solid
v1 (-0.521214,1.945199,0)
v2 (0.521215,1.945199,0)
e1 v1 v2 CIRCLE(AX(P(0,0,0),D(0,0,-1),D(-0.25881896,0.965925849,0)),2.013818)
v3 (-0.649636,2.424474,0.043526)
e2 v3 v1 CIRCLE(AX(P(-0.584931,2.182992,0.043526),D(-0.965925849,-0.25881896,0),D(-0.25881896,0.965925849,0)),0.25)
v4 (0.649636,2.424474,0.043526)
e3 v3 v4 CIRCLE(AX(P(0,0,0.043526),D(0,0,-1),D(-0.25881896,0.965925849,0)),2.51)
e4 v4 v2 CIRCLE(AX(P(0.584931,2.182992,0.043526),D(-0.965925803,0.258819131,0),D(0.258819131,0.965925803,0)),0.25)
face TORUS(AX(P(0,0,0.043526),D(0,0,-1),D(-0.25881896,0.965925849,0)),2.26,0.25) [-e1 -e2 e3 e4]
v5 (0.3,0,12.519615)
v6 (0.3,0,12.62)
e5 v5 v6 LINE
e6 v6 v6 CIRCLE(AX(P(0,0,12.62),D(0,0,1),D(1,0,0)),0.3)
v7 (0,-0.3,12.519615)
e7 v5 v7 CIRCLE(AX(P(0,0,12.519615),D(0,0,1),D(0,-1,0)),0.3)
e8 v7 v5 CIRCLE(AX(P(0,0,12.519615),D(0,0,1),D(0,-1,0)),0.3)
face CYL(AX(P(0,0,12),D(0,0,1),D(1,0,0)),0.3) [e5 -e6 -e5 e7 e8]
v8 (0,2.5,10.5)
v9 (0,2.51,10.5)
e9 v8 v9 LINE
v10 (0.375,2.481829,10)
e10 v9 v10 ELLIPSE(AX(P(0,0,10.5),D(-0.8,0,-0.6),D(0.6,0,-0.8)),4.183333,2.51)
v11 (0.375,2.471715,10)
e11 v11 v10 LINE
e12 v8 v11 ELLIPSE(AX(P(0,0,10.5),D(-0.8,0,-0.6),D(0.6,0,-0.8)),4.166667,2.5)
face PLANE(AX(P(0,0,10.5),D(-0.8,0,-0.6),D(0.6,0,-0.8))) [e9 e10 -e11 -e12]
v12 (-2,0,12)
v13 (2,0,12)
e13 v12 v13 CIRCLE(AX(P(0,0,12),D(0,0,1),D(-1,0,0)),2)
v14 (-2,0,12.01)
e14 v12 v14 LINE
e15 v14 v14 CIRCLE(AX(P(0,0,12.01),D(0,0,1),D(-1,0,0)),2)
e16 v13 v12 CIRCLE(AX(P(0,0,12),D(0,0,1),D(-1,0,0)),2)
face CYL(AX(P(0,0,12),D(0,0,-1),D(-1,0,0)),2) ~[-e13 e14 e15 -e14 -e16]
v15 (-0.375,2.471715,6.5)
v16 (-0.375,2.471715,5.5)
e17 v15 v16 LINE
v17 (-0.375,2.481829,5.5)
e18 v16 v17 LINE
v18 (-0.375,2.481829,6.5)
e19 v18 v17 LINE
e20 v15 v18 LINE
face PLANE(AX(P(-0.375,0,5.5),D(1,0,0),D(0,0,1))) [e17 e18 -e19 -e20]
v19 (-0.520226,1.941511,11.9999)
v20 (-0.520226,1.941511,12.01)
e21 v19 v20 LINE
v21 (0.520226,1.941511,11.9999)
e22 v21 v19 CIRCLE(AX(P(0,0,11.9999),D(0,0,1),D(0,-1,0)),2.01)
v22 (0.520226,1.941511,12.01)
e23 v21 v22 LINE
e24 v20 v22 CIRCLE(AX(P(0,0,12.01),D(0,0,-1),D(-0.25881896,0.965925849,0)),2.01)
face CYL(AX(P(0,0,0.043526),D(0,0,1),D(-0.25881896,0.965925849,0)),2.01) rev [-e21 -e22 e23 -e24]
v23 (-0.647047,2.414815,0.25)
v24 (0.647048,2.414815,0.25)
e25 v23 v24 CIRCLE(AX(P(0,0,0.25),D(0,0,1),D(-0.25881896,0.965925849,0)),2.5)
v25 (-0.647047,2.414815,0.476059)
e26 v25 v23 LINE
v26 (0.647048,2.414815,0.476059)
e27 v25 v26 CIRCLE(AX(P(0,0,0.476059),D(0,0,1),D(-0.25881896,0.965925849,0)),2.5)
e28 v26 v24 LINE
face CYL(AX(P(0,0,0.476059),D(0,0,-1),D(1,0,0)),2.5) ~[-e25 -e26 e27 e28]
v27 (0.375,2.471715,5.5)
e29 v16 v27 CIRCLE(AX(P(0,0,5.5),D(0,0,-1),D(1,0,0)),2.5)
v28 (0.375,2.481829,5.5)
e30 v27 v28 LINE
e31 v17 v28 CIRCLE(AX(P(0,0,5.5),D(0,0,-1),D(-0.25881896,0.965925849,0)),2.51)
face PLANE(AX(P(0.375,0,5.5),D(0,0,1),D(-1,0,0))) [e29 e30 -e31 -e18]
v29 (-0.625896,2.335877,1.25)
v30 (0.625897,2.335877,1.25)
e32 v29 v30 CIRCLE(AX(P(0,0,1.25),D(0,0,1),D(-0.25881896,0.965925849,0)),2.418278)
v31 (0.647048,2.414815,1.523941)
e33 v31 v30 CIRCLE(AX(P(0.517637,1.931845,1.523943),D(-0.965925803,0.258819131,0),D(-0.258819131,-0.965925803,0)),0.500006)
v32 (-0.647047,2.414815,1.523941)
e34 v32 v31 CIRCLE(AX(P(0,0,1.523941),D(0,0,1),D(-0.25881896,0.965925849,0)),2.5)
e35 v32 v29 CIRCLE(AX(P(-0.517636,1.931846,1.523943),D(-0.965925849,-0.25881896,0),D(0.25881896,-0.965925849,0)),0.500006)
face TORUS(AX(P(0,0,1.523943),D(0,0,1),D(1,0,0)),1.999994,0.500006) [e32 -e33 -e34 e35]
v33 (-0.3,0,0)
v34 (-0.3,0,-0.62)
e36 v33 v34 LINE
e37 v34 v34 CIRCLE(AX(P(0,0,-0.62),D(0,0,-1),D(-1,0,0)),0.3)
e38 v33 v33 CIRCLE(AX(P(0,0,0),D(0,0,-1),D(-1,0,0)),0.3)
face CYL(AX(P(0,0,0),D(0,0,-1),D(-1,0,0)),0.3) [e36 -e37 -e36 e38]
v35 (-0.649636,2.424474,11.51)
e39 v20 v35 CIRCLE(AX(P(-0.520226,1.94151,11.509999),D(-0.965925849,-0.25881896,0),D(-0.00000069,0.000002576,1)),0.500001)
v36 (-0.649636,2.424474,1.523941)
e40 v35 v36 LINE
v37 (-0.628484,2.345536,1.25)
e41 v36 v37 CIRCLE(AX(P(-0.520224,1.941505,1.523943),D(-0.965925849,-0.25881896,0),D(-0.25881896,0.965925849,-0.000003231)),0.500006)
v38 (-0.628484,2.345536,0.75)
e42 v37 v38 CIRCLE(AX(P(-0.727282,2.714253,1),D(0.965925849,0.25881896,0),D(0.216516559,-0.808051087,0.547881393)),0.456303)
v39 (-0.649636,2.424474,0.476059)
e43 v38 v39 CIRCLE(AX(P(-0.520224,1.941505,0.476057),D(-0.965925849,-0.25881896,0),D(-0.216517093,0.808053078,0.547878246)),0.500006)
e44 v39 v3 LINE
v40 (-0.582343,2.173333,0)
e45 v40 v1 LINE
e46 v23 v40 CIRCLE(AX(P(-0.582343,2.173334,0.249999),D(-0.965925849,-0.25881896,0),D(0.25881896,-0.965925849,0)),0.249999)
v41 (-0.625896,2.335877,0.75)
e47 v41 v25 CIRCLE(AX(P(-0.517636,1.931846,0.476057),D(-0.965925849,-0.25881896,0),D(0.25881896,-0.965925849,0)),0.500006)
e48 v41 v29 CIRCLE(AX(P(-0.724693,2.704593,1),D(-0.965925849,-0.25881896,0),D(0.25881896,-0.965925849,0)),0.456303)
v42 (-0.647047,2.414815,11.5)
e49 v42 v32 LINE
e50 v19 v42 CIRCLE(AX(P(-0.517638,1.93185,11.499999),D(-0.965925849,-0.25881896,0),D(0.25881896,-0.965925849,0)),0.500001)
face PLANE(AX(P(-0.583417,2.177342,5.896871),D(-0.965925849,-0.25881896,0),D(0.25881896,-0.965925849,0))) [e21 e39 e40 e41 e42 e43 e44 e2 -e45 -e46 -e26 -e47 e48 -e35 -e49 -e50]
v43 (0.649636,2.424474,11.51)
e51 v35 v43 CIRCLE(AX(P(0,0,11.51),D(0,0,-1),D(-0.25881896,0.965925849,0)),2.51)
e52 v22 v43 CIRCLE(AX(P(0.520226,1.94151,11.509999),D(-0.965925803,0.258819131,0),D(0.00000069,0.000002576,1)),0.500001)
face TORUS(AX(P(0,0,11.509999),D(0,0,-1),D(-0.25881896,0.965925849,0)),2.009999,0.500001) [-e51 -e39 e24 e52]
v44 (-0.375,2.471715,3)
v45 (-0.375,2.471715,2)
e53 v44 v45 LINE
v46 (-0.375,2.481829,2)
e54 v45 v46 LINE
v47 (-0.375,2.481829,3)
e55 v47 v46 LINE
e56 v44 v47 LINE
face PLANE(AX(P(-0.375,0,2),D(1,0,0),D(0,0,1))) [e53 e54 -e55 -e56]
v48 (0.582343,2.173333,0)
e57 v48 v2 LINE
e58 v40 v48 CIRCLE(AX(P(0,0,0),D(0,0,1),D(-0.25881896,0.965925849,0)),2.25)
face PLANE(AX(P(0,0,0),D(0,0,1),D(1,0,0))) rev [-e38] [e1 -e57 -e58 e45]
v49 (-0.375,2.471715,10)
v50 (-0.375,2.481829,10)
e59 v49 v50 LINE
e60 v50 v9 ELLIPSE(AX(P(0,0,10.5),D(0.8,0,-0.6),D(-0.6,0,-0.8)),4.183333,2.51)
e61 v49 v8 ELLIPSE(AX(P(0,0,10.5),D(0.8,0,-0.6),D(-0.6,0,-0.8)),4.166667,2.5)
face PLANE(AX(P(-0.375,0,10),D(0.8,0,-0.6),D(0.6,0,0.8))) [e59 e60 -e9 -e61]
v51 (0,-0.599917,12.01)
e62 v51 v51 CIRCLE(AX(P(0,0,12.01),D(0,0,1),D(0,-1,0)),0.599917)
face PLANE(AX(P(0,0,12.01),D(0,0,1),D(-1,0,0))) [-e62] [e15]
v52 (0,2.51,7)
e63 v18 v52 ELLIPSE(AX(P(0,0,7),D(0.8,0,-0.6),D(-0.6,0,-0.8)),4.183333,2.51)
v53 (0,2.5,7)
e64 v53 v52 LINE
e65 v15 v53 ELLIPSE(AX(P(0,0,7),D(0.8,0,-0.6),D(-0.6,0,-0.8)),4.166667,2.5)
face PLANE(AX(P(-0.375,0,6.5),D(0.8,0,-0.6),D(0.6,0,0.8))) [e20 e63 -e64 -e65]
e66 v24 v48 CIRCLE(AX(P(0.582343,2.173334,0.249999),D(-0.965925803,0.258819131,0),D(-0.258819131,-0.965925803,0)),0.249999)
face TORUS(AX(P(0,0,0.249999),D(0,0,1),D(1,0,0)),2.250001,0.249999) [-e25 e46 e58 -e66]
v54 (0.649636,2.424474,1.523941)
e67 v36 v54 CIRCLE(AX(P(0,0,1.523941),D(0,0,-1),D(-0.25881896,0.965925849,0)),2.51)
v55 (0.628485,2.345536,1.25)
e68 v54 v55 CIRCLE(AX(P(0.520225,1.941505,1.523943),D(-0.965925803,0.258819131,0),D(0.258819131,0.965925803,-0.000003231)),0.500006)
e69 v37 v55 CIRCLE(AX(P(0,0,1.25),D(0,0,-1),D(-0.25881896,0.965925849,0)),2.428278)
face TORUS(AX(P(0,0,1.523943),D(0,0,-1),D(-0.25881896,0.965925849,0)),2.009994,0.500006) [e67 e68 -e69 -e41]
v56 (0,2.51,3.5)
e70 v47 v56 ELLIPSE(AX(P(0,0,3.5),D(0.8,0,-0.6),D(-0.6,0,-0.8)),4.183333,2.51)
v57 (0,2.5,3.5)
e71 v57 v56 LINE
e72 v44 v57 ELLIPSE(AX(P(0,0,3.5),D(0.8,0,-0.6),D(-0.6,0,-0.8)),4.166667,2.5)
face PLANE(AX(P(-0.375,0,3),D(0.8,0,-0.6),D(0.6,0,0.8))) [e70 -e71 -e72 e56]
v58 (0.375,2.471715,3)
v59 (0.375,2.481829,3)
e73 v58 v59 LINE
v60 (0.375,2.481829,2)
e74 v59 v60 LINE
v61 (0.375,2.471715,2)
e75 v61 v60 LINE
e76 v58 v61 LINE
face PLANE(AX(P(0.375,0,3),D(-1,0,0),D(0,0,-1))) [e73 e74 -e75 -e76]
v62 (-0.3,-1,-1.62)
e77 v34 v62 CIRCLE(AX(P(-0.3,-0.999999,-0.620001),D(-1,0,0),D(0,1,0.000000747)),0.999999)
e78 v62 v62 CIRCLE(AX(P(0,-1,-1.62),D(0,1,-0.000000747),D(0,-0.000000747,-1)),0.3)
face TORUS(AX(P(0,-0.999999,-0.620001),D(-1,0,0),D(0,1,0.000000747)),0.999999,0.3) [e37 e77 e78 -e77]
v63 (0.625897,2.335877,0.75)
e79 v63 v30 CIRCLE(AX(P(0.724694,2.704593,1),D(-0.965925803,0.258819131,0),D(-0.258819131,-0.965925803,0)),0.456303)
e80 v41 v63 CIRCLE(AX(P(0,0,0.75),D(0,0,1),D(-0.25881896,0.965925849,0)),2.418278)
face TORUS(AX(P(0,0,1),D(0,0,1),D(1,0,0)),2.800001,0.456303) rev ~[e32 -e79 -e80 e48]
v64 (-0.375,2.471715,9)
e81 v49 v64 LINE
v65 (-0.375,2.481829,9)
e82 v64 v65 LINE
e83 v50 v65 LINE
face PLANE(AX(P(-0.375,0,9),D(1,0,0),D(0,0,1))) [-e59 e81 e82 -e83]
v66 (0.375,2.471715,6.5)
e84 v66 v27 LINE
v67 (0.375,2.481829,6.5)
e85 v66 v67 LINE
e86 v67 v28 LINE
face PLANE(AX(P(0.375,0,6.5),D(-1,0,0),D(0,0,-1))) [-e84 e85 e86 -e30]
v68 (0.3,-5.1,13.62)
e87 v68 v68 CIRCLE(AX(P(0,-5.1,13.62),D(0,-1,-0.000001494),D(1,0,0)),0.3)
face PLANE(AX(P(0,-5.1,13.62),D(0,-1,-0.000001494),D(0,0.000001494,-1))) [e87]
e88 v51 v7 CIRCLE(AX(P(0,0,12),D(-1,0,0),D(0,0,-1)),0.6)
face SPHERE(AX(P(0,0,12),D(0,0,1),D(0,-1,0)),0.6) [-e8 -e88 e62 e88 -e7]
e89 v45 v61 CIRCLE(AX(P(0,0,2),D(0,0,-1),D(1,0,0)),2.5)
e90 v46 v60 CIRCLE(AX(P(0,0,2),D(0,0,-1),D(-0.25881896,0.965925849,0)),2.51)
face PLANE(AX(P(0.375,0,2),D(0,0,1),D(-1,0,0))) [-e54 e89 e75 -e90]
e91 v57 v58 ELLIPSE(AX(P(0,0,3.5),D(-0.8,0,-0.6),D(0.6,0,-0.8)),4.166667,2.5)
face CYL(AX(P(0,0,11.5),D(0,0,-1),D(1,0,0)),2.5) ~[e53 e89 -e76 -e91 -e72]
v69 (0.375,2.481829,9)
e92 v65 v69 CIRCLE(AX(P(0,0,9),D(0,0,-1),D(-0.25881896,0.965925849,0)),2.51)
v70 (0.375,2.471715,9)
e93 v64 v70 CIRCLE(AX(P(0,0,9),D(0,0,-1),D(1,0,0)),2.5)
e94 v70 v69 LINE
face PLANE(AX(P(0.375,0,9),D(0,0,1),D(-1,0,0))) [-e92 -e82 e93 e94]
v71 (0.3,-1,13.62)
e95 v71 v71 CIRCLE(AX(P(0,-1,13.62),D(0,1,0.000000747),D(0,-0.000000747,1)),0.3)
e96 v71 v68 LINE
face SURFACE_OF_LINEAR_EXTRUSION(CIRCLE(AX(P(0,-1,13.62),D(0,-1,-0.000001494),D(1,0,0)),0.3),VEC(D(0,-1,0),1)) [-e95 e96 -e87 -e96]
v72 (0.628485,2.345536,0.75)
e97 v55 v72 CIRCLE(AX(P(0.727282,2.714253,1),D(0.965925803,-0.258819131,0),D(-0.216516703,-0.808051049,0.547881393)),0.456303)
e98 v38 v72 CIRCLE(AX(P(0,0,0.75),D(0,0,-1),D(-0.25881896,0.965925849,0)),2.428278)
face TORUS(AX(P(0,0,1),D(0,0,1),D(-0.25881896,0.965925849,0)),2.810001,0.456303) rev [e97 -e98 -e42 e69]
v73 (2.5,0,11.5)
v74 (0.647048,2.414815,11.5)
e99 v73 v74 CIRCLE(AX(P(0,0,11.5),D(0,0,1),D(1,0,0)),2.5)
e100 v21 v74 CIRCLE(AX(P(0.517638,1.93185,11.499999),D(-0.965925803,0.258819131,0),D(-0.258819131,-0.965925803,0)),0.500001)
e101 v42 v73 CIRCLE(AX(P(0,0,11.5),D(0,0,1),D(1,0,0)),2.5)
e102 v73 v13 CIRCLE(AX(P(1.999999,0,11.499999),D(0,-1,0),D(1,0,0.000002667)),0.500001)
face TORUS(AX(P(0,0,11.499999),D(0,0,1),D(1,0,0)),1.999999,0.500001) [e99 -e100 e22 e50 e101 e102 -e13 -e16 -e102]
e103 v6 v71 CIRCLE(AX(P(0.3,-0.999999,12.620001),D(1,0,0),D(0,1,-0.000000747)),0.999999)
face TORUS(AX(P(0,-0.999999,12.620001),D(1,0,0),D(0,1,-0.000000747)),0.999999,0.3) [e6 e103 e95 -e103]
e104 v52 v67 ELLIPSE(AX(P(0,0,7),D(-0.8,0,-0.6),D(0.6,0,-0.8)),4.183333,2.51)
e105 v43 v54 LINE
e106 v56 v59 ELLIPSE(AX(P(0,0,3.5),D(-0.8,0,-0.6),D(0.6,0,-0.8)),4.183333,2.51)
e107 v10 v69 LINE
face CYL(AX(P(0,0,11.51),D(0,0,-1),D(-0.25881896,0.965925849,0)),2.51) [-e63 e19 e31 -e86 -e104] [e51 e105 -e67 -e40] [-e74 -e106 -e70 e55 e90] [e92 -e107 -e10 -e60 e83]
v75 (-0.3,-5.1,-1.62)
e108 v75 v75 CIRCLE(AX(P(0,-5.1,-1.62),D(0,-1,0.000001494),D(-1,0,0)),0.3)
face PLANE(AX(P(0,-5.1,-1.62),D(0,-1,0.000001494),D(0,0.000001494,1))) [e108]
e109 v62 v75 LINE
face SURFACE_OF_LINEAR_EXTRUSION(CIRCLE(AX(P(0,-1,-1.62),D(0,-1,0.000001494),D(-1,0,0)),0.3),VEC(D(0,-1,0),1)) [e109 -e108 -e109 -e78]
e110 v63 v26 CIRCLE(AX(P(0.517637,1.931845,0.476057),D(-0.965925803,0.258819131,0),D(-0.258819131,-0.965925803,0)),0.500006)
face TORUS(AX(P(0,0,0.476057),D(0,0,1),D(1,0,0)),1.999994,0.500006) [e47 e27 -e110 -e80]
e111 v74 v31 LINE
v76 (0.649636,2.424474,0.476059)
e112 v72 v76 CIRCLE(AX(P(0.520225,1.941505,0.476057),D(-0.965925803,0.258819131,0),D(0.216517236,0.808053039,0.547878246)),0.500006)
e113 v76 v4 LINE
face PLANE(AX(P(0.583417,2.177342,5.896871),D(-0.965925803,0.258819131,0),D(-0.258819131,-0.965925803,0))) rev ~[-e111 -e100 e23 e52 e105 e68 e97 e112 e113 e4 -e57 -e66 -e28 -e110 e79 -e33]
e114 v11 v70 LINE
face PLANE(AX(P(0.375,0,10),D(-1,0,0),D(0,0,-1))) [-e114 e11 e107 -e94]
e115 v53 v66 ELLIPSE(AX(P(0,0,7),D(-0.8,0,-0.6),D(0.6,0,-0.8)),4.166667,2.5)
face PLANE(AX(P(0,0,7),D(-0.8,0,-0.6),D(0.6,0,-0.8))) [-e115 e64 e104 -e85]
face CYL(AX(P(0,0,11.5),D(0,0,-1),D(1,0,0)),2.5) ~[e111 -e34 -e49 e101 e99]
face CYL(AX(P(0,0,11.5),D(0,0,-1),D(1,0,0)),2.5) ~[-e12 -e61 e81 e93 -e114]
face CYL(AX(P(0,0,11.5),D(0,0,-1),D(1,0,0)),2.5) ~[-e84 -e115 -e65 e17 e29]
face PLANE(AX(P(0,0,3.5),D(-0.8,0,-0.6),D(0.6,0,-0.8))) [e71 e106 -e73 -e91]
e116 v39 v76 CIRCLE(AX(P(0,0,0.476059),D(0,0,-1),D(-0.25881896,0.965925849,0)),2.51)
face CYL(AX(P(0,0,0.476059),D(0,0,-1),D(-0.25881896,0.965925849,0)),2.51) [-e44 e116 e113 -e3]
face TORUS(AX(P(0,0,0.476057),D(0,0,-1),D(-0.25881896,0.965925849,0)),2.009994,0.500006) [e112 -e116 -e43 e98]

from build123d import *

# Parameters (mm, degrees)
SKETCH011_R             = 0.3
BODY007_PLACEMENT_ANGLE = 180
REVOLUTION001_ANGLE     = -30
POCKET_DEPTH            = 2.511
LINEARPATTERN_COUNT     = 3
LINEARPATTERN_PITCH     = 3.5
SKETCH012_R             = 2
PAD_DEPTH               = 0.01
BODY008_PLACEMENT_ANGLE = 90


with BuildPart() as lead:
    # AdditivePipe: sweep along a path in Sketch010
    with BuildLine(Plane(origin=(0, 0, 0), x_dir=(0, -1, 0), z_dir=(-1, 0, 0))) as additivepipe_path:
        Line((0, 12), (0, 12.62))
        ThreePointArc((0, 12.62), (0.292893, 13.327107), (1, 13.62))
        Line((1, 13.62), (5.1, 13.62))
    # Sketch011 → AdditivePipe (sweep)
    with BuildSketch(Plane.XY.offset(12)):
        Circle(SKETCH011_R)
    sweep(path=additivepipe_path.line)


with BuildPart() as leadclone:
    # Body007 base: copy of Lead
    add(lead.part)


with BuildPart() as leadclone_1:
    # Body007 placement: moved
    add(leadclone.part.moved(Location((0, 0, 12))).rotate(Axis((0, 0, 12), (0, 1, 0)), BODY007_PLACEMENT_ANGLE))


with BuildPart() as polaritymarking:
    # Sketch005 → Revolution001 (revolve)
    with BuildSketch(Plane(origin=(0, 0, 0), x_dir=(-0.258819, 0.965926, 0), z_dir=(0.965926, 0.258819, 0))):
        with BuildLine():
            Line((2.01, 0.043526), (2.01, 12.01))
            ThreePointArc((2.01, 12.01), (2.363553, 11.863553), (2.51, 11.51))
            Line((2.51, 11.51), (2.51, 1.523941))
            ThreePointArc((2.51, 1.523941), (2.489134, 1.381006), (2.428278, 1.25))
            ThreePointArc((2.428278, 1.25), (2.353698, 1), (2.428278, 0.75))
            ThreePointArc((2.428278, 0.75), (2.489134, 0.618994), (2.51, 0.476059))
            Line((2.51, 0.476059), (2.51, 0.043526))
            ThreePointArc((2.51, 0.043526), (2.26, -0.206474), (2.01, 0.043526))
        make_face()
    revolve(axis=Axis((0, 0, 0), (0, 0, 1)), revolution_arc=REVOLUTION001_ANGLE)

    # Sketch013 → Pocket (cut, through all)
    with BuildSketch(Plane.XZ):
        Polygon((0.375, 2), (-0.375, 2), (-0.375, 3), (0, 3.5), (0.375, 3), align=None)
    pocket = extrude(amount=-POCKET_DEPTH, mode=Mode.SUBTRACT)

    # LinearPattern: Pocket ×3
    with Locations(*[(0, 0, i * LINEARPATTERN_PITCH) for i in range(1, LINEARPATTERN_COUNT)]):
        add(pocket, mode=Mode.SUBTRACT)


with BuildPart() as housing:
    # Sketch → Revolution (revolve)
    with BuildSketch(Plane.XZ):
        with BuildLine():
            Line((0, 12), (2, 12))
            ThreePointArc((2.5, 11.5), (2.353553, 11.853553), (2, 12))
            Line((2.5, 11.5), (2.5, 1.523941))
            ThreePointArc((2.418278, 1.25), (2.479134, 1.381006), (2.5, 1.523941))
            ThreePointArc((2.418278, 1.25), (2.343698, 1), (2.418278, 0.75))
            ThreePointArc((2.5, 0.476059), (2.479134, 0.618994), (2.418278, 0.75))
            Line((2.5, 0.476059), (2.5, 0.25))
            ThreePointArc((2.25, 0), (2.426777, 0.073223), (2.5, 0.25))
            Line((0, 0), (2.25, 0))
            Line((0, 12), (0, 0))
        make_face()
    revolve(axis=Axis((0, 0, 0), (0, 0, 1)))


with BuildPart() as fusion:
    # Sphere → Sphere (revolve)
    with BuildSketch(Plane.XZ):
        with BuildLine():
            ThreePointArc((0, -0.6), (0.6, 0), (0, 0.6))
            Line((0, 0.6), (0, -0.6))
        make_face()
    revolve(axis=Axis((0, 0, 0), (0, 0, 1)))

    # Sketch012 (on ShapeBinder) → Pad (new body)
    with BuildSketch(Plane(origin=(0, 0, 0), x_dir=(0, -1, 0), z_dir=(0, 0, 1))):
        Circle(SKETCH012_R)
    extrude(amount=PAD_DEPTH)


with BuildPart() as fusion_1:
    # Body008 placement: moved
    add(fusion.part.moved(Location((0, 0, 12))).rotate(Axis((0, 0, 12), (0, 0, -1)), BODY008_PLACEMENT_ANGLE))

    # Fusion: union LeadClone, Lead, PolarityMarking, Housing
    add(leadclone_1.part)
    add(lead.part)
    add(polaritymarking.part)
    add(housing.part)


solid = fusion_1.part
